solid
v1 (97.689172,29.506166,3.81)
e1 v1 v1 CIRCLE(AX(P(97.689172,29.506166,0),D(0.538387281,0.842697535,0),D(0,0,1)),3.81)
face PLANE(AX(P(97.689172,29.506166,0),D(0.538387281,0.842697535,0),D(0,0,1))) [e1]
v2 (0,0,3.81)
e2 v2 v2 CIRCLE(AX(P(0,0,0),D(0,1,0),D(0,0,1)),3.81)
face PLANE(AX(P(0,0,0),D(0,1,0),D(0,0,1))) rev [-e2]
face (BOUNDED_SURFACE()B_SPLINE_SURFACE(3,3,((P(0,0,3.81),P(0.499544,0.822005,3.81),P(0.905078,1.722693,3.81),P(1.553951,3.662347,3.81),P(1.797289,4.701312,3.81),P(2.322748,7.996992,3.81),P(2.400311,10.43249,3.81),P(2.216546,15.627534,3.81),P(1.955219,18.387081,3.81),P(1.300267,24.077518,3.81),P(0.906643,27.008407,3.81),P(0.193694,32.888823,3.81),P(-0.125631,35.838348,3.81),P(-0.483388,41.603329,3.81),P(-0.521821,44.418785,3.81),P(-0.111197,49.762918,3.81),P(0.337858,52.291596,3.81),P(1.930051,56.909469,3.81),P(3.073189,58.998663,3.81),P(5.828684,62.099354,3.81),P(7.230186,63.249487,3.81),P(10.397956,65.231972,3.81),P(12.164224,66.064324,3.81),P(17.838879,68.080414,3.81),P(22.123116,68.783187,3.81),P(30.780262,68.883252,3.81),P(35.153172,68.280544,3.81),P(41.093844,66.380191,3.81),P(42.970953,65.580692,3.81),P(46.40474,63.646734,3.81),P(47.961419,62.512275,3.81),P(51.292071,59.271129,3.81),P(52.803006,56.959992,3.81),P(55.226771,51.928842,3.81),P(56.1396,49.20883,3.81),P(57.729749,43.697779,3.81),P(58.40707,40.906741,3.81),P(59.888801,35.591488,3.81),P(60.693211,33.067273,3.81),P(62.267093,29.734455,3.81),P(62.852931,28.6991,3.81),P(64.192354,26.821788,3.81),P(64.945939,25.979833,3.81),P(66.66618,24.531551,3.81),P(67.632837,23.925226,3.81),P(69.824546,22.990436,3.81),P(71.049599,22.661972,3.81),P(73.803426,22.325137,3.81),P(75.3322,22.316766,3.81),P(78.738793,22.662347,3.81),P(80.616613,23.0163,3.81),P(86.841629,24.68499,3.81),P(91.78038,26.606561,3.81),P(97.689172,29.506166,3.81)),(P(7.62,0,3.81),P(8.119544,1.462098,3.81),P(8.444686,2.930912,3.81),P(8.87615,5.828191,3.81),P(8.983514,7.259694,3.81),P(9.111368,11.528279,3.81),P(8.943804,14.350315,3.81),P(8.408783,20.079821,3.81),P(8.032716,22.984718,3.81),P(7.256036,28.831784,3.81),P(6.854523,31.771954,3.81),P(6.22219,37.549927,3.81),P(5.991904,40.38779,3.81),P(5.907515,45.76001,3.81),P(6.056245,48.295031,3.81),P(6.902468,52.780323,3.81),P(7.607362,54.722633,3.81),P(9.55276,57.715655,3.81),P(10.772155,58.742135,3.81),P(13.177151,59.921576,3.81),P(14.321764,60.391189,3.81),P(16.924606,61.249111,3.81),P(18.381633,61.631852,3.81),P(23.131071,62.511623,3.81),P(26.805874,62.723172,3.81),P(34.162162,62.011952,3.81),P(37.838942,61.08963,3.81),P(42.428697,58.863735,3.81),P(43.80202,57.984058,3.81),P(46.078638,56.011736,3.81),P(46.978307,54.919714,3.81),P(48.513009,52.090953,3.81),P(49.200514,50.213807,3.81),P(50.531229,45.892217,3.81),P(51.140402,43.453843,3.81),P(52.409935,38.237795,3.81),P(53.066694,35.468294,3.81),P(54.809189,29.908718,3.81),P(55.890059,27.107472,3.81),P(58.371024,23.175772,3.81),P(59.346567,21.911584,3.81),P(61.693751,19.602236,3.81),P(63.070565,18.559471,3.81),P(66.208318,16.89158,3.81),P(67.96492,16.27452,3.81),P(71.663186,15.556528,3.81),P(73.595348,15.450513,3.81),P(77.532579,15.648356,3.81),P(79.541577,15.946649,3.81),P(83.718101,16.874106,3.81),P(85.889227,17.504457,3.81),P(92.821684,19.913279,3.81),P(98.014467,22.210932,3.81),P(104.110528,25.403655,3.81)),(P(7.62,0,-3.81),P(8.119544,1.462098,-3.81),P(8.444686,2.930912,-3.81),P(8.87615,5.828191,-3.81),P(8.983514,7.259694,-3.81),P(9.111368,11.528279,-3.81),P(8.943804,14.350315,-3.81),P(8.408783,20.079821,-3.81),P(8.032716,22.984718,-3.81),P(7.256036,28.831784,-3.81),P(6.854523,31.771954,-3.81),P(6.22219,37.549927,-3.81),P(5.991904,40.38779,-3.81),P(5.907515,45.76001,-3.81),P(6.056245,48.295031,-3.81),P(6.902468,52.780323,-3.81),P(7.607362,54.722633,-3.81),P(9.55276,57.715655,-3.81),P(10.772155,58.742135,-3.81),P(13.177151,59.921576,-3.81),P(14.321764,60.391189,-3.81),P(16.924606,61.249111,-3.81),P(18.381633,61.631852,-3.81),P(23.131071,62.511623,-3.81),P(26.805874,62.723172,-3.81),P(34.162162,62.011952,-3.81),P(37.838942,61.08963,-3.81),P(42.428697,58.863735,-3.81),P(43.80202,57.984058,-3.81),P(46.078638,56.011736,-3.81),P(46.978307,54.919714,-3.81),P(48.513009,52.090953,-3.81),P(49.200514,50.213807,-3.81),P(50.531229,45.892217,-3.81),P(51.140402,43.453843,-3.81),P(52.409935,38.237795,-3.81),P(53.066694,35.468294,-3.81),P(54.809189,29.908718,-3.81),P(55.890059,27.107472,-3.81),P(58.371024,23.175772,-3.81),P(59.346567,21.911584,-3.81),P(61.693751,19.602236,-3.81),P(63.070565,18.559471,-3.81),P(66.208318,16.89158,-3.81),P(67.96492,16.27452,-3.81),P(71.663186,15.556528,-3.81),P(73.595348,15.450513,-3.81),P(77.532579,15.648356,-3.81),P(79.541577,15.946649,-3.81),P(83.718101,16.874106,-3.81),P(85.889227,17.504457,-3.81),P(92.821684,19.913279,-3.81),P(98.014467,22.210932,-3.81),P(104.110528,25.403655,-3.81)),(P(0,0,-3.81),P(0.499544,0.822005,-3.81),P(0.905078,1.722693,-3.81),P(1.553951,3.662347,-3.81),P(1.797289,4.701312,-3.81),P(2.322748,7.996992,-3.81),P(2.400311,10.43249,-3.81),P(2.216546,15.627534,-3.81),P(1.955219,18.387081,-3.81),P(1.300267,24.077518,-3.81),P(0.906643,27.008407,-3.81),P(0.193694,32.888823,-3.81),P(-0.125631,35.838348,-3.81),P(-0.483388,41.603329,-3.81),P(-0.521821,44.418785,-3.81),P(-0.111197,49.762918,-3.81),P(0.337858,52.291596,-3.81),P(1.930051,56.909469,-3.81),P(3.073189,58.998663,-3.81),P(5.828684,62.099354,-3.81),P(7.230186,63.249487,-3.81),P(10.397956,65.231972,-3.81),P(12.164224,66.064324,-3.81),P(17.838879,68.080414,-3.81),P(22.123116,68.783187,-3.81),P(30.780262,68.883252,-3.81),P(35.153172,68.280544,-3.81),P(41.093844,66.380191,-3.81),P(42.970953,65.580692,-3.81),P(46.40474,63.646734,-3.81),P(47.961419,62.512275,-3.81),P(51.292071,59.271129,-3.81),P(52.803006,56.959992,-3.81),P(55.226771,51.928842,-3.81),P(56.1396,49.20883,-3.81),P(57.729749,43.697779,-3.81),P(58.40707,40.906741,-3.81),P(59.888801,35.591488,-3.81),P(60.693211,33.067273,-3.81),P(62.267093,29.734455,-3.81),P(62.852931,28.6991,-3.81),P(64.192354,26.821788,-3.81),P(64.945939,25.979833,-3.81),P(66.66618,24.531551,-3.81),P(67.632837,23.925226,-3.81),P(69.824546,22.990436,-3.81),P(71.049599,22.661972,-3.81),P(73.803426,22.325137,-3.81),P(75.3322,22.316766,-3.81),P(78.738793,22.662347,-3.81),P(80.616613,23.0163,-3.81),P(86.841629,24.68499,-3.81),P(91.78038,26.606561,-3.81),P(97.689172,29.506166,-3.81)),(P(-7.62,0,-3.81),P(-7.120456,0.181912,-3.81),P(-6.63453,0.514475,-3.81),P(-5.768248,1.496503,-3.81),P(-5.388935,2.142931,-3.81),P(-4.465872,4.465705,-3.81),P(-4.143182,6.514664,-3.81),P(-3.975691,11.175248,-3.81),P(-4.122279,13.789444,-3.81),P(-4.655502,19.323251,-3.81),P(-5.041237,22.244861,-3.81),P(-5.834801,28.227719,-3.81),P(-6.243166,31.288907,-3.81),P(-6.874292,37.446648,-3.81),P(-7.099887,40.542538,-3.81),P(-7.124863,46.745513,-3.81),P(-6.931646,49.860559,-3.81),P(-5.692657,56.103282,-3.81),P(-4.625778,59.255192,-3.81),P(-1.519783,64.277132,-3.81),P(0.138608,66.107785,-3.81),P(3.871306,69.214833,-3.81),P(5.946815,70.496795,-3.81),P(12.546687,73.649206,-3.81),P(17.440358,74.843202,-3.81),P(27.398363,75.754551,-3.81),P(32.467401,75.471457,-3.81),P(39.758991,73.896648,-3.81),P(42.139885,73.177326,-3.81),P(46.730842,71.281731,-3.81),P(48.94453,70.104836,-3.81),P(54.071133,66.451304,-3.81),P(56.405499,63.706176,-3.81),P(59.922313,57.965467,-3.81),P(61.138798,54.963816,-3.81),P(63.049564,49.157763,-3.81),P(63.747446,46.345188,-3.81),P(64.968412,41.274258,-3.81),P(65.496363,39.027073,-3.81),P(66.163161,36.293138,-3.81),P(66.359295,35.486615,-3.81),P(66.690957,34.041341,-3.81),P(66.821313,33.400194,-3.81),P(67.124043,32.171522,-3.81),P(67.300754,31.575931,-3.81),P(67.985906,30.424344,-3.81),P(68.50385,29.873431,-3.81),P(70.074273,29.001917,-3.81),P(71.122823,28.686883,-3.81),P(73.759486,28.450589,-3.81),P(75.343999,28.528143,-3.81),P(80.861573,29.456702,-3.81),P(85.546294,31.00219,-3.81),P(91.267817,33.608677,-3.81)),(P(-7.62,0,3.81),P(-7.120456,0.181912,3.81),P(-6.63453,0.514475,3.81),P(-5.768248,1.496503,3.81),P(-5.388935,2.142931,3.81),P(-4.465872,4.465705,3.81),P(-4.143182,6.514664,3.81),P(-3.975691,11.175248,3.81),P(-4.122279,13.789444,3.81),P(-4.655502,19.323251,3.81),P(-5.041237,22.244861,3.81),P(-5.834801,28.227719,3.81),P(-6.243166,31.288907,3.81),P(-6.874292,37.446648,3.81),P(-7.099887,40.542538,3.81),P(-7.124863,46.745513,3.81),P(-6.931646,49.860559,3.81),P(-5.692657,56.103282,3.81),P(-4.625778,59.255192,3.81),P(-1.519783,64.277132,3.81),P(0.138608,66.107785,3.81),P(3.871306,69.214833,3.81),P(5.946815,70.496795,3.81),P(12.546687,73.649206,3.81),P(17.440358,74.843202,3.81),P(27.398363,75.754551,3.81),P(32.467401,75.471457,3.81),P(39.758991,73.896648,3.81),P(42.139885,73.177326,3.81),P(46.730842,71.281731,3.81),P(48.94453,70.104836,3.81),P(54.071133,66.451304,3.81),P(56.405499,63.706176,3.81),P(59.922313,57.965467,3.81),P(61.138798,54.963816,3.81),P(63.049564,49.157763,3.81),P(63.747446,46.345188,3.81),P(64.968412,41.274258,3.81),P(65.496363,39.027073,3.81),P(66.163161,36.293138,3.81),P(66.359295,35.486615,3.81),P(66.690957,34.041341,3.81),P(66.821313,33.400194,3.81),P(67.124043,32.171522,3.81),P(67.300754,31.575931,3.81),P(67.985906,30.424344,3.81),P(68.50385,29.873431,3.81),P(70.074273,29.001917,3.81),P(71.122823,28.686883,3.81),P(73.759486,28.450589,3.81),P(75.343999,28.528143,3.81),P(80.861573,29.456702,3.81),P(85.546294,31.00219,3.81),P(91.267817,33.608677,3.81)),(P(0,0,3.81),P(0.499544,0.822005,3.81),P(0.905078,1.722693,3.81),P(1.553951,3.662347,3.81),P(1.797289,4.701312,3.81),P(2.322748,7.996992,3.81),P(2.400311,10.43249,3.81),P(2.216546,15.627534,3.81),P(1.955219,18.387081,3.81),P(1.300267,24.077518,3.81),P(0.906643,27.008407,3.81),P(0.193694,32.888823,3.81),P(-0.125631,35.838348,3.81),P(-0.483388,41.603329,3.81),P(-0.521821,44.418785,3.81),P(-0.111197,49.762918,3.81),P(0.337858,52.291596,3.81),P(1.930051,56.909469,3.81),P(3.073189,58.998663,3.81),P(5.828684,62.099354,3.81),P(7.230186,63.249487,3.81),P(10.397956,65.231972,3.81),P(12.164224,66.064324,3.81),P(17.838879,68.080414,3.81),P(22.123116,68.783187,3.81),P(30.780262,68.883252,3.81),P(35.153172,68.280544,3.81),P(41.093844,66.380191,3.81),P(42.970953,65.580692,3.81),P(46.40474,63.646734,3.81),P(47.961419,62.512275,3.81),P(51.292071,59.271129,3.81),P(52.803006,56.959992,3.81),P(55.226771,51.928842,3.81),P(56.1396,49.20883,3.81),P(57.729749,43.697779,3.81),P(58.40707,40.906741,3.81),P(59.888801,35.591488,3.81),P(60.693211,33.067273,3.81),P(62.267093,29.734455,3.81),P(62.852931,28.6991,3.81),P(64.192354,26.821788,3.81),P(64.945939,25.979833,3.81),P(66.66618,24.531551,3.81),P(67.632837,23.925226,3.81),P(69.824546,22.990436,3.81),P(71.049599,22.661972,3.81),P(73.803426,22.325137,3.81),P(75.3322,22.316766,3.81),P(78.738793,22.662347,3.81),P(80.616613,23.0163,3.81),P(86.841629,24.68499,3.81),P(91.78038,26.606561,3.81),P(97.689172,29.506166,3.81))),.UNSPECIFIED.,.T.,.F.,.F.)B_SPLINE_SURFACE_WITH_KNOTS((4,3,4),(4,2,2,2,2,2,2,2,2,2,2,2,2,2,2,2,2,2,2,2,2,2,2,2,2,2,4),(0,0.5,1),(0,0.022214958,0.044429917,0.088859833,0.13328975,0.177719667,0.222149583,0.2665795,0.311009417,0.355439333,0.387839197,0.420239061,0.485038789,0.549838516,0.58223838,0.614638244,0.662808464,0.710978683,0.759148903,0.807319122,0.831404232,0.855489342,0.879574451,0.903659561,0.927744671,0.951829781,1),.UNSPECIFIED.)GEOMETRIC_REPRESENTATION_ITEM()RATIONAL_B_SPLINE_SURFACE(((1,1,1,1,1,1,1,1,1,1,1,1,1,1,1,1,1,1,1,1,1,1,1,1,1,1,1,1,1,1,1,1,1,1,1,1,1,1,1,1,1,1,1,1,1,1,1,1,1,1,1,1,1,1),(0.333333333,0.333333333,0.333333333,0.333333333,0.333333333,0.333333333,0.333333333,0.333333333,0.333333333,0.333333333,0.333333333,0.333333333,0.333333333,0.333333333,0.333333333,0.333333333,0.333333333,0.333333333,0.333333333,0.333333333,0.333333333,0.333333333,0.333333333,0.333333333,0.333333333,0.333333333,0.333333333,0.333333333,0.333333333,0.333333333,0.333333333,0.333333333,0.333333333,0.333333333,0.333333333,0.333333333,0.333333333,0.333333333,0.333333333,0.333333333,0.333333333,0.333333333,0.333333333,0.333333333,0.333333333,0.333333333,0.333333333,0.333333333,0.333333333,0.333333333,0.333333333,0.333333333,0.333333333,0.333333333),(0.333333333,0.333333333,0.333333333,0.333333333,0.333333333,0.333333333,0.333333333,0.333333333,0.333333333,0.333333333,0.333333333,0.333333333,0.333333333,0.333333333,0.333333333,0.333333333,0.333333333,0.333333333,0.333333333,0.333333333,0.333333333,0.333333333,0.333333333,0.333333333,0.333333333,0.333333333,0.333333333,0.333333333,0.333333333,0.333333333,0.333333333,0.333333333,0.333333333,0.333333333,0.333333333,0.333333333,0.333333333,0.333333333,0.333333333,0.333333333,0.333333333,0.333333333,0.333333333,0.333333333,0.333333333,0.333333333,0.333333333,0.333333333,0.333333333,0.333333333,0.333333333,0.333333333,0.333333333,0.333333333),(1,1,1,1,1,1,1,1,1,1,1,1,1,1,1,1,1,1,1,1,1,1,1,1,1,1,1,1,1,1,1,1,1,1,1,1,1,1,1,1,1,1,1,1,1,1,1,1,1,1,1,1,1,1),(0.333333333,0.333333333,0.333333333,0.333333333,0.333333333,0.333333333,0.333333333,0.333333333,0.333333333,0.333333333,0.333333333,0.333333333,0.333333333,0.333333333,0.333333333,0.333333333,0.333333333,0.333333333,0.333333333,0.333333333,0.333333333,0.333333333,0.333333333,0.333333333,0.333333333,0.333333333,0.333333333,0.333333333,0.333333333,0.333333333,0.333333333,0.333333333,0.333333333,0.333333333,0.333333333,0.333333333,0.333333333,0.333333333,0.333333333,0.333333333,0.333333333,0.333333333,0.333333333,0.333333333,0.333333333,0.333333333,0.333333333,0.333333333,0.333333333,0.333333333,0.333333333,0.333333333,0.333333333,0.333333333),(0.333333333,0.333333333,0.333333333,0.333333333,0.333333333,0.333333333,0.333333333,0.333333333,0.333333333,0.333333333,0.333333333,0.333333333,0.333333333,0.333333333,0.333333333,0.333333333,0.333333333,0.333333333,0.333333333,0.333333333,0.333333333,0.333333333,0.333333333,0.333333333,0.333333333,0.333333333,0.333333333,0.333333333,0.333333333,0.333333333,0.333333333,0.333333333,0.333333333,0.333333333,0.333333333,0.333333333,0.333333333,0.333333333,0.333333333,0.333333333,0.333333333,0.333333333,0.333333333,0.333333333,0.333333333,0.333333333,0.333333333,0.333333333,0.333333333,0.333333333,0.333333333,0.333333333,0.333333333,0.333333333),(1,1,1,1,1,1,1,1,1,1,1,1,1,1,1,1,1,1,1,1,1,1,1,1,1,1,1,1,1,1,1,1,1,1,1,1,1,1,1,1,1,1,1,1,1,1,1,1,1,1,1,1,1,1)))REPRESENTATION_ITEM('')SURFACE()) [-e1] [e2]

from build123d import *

# Parameters (mm, degrees)
SKETCH6_R = 3.81


with BuildPart() as part:
    # Sweep2: sweep along a path in Sketch3
    with BuildLine() as sweep2_path:  # in the path sketch's own coordinates; laid on its plane below (add() does not lay a ready-made edge on the line's plane)
        add(Edge.make_bspline(
            [(0, 0), (7.992705823, 13.152085189), (-19.802762771, 70.726771303), (75.193983345, 72.205849218), (50.418836023, 6.309324932), (97.689172301, 29.50616608)],
            knots=[0, 0, 0, 0, 0.355439333, 0.614638244, 1, 1, 1, 1], degree=3))
    # Sketch6 → Sweep2 (sweep)
    with BuildSketch(Plane(origin=(0, 0, 0), x_dir=(1, 0, 0), z_dir=(0, 1, 0))):
        Circle(SKETCH6_R)
    sweep(path=Plane.XY * sweep2_path.line)


solid = part.part
